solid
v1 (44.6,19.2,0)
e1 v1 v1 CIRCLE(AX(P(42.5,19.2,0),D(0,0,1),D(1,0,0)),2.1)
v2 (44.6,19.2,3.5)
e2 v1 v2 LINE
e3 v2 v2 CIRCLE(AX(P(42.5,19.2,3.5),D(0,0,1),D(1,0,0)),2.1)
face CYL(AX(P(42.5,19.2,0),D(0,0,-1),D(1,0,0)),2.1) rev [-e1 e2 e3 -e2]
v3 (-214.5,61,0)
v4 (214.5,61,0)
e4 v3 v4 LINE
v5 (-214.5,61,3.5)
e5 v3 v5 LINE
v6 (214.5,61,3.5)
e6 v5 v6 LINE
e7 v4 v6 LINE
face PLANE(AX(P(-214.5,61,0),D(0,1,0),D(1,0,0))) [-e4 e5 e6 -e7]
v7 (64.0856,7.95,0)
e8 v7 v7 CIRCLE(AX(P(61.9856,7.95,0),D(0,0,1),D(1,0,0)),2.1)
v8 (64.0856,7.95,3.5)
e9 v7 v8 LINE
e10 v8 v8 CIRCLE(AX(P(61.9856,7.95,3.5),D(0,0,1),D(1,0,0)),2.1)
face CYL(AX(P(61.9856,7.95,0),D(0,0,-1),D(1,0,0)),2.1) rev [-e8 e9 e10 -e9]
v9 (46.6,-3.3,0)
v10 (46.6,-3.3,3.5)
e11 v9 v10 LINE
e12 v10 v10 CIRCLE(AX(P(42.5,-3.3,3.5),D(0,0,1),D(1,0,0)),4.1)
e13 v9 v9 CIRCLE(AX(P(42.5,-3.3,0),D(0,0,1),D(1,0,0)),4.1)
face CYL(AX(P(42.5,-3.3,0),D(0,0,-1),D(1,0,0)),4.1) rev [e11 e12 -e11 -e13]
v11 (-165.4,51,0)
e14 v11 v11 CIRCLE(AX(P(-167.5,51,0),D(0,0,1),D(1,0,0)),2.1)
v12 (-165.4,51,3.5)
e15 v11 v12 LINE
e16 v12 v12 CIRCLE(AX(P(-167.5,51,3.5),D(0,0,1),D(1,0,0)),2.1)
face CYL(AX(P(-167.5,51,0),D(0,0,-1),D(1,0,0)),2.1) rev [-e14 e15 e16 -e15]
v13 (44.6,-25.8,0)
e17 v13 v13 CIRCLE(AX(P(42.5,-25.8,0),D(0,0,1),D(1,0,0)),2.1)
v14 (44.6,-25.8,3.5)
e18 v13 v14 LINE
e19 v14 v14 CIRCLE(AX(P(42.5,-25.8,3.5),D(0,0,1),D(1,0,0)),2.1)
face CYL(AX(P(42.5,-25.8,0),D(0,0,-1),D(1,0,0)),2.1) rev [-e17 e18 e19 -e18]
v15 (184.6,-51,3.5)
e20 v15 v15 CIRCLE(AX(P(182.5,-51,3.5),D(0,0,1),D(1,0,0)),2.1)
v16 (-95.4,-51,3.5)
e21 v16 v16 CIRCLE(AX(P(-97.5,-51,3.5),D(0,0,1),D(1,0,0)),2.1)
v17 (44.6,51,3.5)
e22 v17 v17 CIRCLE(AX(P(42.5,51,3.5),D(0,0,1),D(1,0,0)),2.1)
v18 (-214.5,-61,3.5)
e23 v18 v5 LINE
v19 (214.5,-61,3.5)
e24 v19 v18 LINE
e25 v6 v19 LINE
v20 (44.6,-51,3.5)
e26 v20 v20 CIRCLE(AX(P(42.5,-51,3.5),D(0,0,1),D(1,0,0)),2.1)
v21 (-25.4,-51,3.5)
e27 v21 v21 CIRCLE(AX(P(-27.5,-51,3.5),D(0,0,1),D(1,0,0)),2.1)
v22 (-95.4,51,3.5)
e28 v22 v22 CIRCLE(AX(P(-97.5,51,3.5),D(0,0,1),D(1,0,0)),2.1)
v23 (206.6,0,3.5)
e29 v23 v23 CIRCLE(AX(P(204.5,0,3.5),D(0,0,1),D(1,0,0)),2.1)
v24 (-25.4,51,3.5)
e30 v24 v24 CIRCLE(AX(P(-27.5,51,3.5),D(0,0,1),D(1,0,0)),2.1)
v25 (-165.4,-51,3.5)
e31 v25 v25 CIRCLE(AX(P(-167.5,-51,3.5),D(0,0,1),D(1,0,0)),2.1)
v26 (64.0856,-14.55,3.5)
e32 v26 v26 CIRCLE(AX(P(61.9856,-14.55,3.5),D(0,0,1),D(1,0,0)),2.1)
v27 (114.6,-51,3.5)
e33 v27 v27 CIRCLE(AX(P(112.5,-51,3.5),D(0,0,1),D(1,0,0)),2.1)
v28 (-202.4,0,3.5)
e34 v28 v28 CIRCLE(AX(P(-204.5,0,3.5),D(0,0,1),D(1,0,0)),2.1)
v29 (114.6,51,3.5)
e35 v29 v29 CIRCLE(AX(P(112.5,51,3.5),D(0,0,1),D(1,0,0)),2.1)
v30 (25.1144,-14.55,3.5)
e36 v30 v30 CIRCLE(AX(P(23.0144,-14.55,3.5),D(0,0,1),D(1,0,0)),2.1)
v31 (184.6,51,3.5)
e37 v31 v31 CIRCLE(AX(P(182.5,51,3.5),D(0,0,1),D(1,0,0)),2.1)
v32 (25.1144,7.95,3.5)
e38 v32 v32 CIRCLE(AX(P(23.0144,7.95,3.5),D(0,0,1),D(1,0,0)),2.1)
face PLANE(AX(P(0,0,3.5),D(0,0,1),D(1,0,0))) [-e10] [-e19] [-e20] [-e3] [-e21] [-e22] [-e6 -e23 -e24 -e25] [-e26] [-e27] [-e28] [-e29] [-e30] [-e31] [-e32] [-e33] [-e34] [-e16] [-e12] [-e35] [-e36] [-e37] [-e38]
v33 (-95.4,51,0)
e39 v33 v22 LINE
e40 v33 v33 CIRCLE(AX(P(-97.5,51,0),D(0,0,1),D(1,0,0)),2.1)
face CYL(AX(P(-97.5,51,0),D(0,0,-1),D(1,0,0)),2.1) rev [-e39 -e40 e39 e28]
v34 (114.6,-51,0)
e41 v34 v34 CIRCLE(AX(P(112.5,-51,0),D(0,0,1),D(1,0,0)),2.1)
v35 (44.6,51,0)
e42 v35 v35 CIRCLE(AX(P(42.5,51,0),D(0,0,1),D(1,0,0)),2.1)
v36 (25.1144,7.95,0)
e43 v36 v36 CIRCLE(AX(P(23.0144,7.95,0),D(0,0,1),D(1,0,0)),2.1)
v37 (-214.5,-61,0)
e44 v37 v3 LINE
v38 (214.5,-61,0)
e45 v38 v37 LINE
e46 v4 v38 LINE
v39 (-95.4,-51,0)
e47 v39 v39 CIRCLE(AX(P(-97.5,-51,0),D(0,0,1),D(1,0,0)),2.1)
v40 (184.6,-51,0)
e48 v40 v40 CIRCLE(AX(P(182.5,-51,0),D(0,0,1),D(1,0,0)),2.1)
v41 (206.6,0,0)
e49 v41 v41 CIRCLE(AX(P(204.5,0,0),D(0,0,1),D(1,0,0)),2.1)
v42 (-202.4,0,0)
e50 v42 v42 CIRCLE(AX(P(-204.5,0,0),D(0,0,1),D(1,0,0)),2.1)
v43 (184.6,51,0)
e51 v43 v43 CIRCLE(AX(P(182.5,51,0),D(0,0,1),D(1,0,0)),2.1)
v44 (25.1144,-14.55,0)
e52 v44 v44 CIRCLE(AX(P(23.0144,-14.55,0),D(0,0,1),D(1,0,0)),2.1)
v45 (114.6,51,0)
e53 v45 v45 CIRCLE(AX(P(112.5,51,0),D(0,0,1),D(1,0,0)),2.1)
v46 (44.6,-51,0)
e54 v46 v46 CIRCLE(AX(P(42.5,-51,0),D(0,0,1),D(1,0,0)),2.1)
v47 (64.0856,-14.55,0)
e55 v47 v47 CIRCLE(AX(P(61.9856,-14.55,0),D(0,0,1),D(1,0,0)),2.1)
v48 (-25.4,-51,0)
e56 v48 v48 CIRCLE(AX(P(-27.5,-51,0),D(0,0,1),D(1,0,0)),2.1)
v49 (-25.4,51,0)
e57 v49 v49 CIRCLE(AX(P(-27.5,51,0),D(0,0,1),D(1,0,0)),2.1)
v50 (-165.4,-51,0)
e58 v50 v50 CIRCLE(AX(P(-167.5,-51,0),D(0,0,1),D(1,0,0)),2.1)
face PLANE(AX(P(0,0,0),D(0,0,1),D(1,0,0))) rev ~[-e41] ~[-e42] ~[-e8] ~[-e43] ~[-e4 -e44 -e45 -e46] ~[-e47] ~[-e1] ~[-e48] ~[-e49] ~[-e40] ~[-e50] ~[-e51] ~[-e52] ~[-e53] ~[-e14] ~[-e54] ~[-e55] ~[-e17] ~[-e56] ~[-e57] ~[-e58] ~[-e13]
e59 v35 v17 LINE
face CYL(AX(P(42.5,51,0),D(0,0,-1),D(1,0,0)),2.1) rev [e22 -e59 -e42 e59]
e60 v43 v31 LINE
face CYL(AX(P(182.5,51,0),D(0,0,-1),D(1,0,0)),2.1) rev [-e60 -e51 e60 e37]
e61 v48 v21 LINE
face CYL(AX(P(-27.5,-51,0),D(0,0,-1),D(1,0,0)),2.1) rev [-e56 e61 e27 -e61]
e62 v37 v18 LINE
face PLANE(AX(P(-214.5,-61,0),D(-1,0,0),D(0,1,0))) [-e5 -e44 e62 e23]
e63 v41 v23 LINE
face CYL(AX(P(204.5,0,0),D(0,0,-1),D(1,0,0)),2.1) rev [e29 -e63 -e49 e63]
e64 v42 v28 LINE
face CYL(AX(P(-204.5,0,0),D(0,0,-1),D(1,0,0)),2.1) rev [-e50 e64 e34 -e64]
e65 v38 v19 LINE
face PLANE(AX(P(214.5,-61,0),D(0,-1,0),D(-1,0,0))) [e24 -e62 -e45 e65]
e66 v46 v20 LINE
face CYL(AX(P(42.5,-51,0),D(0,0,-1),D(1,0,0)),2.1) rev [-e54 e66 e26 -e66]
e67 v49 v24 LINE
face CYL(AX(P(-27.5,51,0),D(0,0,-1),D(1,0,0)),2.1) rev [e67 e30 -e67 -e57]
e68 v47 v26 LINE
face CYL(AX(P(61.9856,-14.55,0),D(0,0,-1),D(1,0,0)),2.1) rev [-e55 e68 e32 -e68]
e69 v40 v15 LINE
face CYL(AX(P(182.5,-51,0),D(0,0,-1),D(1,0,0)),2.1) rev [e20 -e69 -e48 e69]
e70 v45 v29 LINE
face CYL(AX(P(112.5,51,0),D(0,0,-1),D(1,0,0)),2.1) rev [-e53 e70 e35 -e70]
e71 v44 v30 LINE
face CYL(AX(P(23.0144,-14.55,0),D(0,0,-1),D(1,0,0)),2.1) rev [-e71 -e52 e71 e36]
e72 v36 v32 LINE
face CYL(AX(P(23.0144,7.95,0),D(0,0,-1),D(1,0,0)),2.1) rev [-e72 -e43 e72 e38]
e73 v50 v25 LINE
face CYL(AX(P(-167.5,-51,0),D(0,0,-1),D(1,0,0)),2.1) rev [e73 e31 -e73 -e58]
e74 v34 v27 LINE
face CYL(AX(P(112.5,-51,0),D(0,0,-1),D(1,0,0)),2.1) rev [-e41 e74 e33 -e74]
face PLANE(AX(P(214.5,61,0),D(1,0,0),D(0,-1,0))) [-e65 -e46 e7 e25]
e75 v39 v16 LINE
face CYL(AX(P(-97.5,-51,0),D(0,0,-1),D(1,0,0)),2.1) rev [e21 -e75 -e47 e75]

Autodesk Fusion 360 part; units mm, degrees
sketch "Sketch2" plane through (0, 0, 0) normal (0, 0, 1) x (1, 0, 0)
  line L0 (-214.5, -61) -> (-214.5, 61)
  line L1 (-214.5, -61) -> (214.5, 61) construction
  line L2 (-214.5, 61) -> (214.5, 61)
  circle A0 centre (42.5, -3.3) radius 4.1
  line L3 (214.5, -61) -> (-214.5, 61) construction
  line L4 (214.5, 61) -> (214.5, -61)
  line L5 (214.5, -61) -> (-214.5, -61)
  line L6 (-214.5, 0) -> (214.5, 0) construction
  line L7 (-214.5, -3.3) -> (214.5, -3.3) construction
  line L8 (42.5, 61) -> (42.5, -61) construction
  circle A1 centre (42.5, 51) radius 2.1
  line L9 (-214.5, 51) -> (214.5, 51) construction
  circle A2 centre (42.5, -3.3) radius 22.5 construction
  circle A3 centre (42.5, 19.2) radius 2.1
  circle A4 centre (23.0144, 7.95) radius 2.1
  circle A5 centre (23.0144, -14.55) radius 2.1
  circle A6 centre (42.5, -25.8) radius 2.1
  circle A7 centre (61.9856, -14.55) radius 2.1
  circle A8 centre (61.9856, 7.95) radius 2.1
  line L10 (-194.5, 61) -> (-194.5, -61) construction
  line L11 (194.5, 61) -> (194.5, -61) construction
  circle A9 centre (-167.5, 51) radius 2.1
  circle A10 centre (-97.5, 51) radius 2.1
  circle A11 centre (-27.5, 51) radius 2.1
  circle A12 centre (112.5, 51) radius 2.1
  circle A13 centre (182.5, 51) radius 2.1
  circle A14 centre (112.5, -51) radius 2.1
  line L12 (-214.5, -51) -> (214.5, -51) construction
  circle A15 centre (-27.5, -51) radius 2.1
  circle A16 centre (-167.5, -51) radius 2.1
  circle A17 centre (182.5, -51) radius 2.1
  circle A18 centre (-97.5, -51) radius 2.1
  circle A19 centre (42.5, -51) radius 2.1
  circle A20 centre (-204.5, 0) radius 2.1
  circle A21 centre (204.5, 0) radius 2.1
  dimension "d11" = 122
  dimension "d12" = 429
  dimension "d14" = 8.2
  dimension "d18" = 3.3
  dimension "d20" = 172
  dimension "d21" = 4.2
  dimension "d23" = 10
  dimension "d24" = 45
  dimension "d25" = 4.2
  dimension "d27" = 360
  dimension "d30" = 70
  dimension "d31" = 0
  dimension "d32" = 20
  dimension "d33" = 20
  dimension "d34" = 4.2
  dimension "d35" = 10
  dimension "d36" = 4.2
  dimension "d37" = 10
extrude "Extrude2" add sketch "Sketch2" along normal blind 3.5
sketch "Sketch3" plane through (0, 0, 3.5) normal (0, 0, 1) x (-1, 0, 0)
  circle A0 centre (-42.5, 3.3) radius 4
  line L0 (-214.5, 61) -> (-214.5, -61)
  line L1 (-214.5, -61) -> (214.5, -61)
  line L2 (214.5, -61) -> (214.5, 61)
  line L3 (214.5, 61) -> (-214.5, 61)
  line L4 (-130, -50) -> (-141.5967, -50) construction
  line L5 (-141.5967, -50) -> (-141.5967, -60) construction
  line L6 (-141.5967, -60) -> (-130, -60) construction
  line L7 (-130, -60) -> (-130, -50) construction
  circle A1 centre (-182.5, 51) radius 2.1
  circle A2 centre (97.5, 51) radius 2.1
  circle A3 centre (-42.5, 51) radius 2.1
  circle A4 centre (204.5, 0) radius 2.1
  circle A5 centre (-204.5, 0) radius 2.1
  circle A6 centre (167.5, 51) radius 2.1
  circle A7 centre (97.5, -51) radius 2.1
  circle A8 centre (27.5, -51) radius 2.1
  circle A9 centre (-112.5, -51) radius 2.1
  circle A10 centre (-182.5, -51) radius 2.1
  circle A11 centre (-112.5, 51) radius 2.1
  circle A12 centre (27.5, 51) radius 2.1
  circle A13 centre (167.5, -51) radius 2.1
  circle A14 centre (-61.9856, -7.95) radius 2.1
  circle A15 centre (-61.9856, 14.55) radius 2.1
  circle A16 centre (-42.5, 25.8) radius 2.1
  circle A17 centre (-23.0144, 14.55) radius 2.1
  circle A18 centre (-23.0144, -7.95) radius 2.1
  circle A19 centre (-42.5, -19.2) radius 2.1
  circle A20 centre (-42.5, -51) radius 2.1
  circle A21 centre (-42.5, 3.3) radius 4.1
  line L8 (-214.5, 61) -> (-214.5, -61)
  line L9 (-214.5, -61) -> (214.5, -61)
  line L10 (214.5, -61) -> (214.5, 61)
  line L11 (214.5, 61) -> (-214.5, 61)
